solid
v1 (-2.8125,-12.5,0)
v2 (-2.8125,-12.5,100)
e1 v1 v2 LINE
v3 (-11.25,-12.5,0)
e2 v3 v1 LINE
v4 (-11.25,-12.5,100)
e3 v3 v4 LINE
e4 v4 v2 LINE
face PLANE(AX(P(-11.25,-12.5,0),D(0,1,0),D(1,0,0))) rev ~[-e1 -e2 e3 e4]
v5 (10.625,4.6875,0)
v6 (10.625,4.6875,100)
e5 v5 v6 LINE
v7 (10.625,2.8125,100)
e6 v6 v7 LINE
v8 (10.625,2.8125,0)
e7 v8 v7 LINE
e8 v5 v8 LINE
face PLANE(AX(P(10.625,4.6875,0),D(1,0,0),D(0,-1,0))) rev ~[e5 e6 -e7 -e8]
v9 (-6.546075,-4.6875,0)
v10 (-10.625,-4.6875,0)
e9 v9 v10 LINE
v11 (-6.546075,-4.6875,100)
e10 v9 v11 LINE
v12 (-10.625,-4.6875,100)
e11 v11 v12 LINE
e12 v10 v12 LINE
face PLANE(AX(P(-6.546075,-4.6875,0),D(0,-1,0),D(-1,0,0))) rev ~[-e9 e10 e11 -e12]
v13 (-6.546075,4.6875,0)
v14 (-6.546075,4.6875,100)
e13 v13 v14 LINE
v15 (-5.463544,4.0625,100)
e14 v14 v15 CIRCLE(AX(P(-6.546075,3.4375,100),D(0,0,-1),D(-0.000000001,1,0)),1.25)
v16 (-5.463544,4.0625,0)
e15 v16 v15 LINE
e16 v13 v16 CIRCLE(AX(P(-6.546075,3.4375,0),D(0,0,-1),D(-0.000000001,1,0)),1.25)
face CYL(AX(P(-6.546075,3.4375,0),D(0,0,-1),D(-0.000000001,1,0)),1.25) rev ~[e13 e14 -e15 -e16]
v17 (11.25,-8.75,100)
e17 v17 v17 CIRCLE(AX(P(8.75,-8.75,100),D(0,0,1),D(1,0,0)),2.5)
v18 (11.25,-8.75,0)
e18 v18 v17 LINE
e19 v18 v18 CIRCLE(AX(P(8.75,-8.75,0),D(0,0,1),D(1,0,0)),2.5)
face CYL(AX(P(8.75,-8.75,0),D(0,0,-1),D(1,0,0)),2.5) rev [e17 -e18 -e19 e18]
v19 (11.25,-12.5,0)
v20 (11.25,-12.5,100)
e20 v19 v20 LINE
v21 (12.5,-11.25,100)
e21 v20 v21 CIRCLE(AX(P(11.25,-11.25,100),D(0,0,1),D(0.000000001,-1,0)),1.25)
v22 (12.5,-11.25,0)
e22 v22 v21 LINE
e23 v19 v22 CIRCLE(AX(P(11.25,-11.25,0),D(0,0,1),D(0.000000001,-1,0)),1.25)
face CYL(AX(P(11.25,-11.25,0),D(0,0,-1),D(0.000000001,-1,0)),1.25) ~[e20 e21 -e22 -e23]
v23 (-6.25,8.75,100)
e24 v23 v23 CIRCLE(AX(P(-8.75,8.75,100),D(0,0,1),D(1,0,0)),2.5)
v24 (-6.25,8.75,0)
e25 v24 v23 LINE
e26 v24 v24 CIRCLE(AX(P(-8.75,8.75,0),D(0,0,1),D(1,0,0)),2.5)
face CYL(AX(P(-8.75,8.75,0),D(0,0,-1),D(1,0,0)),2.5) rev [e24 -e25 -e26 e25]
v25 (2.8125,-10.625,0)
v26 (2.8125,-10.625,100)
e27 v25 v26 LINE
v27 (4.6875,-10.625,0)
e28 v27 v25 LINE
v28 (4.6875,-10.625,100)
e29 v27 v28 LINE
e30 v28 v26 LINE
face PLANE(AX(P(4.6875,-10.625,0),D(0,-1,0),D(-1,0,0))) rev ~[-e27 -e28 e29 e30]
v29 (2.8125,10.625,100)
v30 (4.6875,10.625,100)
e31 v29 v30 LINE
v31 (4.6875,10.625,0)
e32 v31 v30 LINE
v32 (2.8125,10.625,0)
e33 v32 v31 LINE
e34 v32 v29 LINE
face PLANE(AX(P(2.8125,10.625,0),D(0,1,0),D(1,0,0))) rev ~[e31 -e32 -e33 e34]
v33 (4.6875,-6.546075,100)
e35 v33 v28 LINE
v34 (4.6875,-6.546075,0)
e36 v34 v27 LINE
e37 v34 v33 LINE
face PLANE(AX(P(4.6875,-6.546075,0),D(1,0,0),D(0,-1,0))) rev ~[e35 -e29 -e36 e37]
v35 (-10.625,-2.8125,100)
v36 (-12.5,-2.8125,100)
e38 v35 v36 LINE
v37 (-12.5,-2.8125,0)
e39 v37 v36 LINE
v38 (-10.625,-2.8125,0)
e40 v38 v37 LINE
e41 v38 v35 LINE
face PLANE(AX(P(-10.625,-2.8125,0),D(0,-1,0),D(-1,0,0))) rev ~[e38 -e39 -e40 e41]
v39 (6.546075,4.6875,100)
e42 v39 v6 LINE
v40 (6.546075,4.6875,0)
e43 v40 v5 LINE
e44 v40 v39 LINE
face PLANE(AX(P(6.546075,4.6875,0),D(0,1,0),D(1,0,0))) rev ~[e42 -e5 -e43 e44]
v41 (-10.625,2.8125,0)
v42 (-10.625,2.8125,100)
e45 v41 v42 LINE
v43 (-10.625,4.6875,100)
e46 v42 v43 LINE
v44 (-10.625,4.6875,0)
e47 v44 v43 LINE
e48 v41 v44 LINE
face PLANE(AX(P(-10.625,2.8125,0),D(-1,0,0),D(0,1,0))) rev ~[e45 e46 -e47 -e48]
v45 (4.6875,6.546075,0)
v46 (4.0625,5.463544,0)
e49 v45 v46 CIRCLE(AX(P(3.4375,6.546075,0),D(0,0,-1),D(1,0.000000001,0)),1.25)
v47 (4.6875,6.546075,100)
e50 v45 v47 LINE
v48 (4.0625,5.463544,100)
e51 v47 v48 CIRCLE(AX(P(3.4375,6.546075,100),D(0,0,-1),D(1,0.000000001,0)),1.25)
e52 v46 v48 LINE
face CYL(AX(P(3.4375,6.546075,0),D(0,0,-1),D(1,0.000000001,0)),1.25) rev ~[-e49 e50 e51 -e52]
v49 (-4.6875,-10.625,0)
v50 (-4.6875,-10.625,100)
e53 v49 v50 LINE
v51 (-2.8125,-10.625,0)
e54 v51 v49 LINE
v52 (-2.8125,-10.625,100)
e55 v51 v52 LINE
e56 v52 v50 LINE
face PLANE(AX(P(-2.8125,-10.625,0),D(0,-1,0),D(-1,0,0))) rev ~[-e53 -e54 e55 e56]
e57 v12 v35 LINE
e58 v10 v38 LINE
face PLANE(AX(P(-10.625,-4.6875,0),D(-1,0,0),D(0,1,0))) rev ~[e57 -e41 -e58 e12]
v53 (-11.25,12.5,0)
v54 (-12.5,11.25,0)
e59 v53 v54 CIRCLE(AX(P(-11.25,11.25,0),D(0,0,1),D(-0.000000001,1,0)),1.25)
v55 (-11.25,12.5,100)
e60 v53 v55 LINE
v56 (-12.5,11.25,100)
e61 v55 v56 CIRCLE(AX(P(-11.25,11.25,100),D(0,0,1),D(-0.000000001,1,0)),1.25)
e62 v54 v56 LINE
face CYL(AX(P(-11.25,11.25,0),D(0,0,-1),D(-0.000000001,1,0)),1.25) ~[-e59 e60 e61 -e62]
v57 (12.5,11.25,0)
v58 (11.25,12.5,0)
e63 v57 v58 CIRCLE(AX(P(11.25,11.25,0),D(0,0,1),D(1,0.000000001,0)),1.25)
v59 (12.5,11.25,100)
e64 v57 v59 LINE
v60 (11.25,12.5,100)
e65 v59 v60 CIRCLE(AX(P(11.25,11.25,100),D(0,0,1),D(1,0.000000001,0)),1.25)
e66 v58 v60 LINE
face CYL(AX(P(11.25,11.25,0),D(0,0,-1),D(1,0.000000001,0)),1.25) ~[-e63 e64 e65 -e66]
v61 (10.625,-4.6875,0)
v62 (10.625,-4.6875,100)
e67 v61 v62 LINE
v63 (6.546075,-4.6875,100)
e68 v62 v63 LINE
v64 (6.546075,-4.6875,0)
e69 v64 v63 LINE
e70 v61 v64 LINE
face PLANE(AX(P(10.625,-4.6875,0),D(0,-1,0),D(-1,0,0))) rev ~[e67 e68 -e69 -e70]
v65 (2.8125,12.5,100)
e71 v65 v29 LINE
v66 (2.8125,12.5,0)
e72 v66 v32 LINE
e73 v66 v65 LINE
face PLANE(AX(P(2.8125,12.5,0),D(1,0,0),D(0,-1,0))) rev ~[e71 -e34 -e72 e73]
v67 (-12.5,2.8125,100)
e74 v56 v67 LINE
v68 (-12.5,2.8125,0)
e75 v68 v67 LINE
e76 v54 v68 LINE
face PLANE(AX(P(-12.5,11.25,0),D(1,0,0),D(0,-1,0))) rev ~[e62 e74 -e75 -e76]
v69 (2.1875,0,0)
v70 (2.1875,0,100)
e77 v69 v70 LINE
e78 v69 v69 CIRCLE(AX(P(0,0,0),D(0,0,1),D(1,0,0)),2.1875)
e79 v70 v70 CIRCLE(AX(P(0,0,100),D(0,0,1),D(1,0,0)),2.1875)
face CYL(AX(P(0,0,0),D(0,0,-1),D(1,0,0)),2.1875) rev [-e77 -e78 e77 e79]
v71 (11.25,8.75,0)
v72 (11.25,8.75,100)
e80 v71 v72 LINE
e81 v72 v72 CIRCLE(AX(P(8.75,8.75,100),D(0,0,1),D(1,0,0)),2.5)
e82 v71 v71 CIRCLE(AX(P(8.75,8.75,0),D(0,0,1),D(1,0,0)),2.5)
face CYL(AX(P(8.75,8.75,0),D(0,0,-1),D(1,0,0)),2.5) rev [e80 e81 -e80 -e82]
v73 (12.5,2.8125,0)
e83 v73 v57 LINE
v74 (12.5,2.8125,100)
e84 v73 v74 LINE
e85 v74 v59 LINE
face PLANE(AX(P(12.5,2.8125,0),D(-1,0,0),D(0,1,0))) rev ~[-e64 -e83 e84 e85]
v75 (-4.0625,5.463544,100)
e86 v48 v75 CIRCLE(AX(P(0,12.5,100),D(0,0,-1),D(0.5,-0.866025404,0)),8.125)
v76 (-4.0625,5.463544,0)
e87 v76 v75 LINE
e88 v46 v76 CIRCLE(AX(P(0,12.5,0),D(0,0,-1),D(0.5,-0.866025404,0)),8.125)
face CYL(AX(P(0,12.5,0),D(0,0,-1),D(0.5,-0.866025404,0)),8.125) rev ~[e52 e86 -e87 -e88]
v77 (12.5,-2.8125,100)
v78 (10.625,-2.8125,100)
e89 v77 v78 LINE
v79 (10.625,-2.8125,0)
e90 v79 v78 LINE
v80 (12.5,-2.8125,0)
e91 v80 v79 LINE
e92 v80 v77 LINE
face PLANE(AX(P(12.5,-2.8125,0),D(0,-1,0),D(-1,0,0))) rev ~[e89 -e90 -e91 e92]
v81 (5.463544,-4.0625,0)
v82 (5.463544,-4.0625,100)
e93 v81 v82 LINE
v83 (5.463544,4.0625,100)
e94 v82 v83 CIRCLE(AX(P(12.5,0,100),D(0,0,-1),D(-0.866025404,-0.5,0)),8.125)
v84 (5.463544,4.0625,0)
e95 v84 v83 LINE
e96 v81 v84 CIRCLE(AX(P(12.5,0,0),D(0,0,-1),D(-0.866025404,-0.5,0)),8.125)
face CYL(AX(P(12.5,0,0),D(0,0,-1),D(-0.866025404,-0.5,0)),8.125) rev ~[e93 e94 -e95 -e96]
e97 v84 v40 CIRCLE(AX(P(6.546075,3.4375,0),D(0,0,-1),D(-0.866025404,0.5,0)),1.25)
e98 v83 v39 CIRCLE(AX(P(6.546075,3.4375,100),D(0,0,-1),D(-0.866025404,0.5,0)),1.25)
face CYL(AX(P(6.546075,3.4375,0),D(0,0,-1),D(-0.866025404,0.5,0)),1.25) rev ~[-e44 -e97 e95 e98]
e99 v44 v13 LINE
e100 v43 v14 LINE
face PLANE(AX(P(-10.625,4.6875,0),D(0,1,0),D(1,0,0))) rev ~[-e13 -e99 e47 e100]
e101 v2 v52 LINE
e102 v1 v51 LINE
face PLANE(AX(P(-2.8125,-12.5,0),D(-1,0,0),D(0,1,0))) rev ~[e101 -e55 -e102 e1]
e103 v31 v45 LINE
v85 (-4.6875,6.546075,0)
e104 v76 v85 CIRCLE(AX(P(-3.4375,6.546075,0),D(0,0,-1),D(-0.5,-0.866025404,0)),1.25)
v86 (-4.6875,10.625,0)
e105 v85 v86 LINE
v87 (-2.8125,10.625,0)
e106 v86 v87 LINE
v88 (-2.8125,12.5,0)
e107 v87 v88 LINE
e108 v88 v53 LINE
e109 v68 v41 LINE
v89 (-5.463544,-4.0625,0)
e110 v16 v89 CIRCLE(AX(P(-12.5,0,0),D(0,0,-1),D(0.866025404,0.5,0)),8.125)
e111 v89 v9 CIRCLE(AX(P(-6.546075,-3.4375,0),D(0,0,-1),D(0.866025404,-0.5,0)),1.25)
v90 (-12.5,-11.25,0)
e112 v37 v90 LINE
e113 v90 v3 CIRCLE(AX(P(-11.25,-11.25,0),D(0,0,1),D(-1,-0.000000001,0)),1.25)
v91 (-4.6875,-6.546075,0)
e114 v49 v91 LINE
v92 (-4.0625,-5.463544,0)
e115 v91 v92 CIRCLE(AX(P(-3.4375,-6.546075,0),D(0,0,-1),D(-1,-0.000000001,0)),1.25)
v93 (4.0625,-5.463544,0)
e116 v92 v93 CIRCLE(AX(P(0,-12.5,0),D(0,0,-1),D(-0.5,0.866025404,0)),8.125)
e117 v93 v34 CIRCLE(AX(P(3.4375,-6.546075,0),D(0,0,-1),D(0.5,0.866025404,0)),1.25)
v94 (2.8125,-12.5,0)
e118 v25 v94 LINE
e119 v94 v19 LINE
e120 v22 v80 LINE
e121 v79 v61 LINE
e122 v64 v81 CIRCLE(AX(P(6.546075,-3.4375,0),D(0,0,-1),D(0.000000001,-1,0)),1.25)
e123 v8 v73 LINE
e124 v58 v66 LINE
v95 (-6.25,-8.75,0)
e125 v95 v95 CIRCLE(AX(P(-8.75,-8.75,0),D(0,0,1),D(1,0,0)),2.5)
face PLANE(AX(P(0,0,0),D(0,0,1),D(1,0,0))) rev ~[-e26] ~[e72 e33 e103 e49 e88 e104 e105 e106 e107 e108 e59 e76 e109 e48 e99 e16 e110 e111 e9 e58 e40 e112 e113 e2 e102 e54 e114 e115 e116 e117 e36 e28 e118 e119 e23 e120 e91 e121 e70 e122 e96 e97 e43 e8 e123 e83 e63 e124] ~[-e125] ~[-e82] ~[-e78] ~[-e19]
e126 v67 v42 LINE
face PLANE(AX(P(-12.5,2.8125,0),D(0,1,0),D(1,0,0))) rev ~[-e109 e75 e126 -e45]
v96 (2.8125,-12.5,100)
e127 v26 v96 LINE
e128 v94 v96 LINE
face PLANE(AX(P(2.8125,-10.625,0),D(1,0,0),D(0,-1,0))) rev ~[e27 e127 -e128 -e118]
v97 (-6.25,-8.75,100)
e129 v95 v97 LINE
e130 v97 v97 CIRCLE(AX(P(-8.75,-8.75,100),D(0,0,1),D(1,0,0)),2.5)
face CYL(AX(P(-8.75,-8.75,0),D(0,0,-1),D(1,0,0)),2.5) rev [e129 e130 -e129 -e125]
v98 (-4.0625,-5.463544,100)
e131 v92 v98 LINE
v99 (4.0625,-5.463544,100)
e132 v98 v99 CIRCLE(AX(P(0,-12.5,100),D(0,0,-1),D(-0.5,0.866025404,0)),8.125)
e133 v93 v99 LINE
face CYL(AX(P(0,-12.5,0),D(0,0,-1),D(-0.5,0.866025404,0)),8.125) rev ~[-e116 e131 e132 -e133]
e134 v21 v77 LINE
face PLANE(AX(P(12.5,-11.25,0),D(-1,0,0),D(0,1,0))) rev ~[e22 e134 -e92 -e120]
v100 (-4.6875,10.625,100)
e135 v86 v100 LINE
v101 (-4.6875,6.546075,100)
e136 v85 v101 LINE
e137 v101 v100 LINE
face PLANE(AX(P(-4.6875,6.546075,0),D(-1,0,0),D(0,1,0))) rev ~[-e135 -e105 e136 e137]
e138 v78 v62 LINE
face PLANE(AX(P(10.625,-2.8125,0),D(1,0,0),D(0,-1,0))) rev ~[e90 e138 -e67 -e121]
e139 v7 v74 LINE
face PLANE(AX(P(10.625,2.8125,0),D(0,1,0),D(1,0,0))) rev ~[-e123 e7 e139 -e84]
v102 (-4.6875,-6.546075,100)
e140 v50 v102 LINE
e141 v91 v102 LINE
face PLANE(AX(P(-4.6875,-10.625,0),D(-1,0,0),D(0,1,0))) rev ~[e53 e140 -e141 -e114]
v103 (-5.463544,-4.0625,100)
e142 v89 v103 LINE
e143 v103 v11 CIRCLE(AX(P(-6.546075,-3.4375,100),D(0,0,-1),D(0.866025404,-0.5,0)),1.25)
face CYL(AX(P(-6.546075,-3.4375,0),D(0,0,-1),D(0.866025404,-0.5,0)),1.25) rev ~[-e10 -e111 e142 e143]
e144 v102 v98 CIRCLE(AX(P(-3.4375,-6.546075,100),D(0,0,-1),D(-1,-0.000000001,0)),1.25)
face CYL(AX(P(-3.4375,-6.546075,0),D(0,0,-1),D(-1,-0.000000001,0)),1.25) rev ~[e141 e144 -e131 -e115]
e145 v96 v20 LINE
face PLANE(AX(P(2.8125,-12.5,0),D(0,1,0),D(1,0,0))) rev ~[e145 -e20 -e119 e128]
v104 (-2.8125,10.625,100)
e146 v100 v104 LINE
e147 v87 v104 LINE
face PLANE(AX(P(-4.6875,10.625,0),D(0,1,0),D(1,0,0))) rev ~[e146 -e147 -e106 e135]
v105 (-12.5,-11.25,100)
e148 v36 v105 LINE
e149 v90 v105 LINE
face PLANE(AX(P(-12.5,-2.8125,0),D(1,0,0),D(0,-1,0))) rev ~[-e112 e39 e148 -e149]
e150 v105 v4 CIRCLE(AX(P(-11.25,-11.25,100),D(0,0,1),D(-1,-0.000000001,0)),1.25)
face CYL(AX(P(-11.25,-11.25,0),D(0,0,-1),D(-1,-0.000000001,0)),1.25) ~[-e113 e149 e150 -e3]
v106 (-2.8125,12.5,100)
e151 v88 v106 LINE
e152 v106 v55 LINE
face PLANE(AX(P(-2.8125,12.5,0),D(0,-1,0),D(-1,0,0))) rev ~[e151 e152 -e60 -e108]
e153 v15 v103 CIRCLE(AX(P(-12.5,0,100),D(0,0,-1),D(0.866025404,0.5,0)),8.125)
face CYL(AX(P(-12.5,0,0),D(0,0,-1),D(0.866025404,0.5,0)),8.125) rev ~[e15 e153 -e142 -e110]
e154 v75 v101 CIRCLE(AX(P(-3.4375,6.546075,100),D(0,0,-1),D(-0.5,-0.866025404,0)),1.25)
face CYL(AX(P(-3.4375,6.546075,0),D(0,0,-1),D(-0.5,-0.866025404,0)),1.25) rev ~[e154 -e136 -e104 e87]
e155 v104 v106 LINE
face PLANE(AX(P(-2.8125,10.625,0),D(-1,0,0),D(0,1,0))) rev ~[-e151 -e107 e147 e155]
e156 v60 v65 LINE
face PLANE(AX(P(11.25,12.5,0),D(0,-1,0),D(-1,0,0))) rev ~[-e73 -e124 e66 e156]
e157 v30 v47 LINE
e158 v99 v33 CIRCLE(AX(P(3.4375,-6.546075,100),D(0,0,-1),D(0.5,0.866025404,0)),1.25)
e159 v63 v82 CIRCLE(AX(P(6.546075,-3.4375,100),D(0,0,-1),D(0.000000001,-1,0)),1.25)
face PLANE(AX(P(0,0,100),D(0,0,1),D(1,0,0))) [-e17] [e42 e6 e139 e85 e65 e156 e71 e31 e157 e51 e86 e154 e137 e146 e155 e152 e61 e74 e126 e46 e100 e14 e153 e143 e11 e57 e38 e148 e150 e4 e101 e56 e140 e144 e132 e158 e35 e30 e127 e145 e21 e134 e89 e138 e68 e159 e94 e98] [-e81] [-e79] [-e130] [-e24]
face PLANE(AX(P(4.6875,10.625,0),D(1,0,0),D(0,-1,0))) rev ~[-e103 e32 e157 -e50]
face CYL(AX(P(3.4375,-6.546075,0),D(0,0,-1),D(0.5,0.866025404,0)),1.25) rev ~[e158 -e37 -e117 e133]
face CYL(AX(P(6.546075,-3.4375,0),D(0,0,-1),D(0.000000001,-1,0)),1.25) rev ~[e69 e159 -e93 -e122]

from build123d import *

# Parameters (mm, degrees)
SKETCH1_R           = 2.5
SKETCH1_R_2         = 2.1875
BOSS_EXTRUDE1_DEPTH = 100


with BuildPart() as part:
    # Sketch1 → Boss-Extrude1 (new body)
    with BuildSketch(Plane.XY):
        with BuildLine():
            Line((-12.5, 11.25), (-12.5, 2.8125))
            Line((-12.5, 2.8125), (-10.625, 2.8125))
            Line((-10.625, 2.8125), (-10.625, 4.6875))
            Line((-10.625, 4.6875), (-6.546075349, 4.6875))
            ThreePointArc((-6.546075349, 4.6875), (-5.921075349, 4.520031755), (-5.463543594, 4.0625))
            ThreePointArc((-5.463543594, 4.0625), (-4.375, 0), (-5.463543594, -4.0625))
            ThreePointArc((-5.463543594, -4.0625), (-5.921075349, -4.520031755), (-6.546075349, -4.6875))
            Line((-6.546075349, -4.6875), (-10.625, -4.6875))
            Line((-10.625, -4.6875), (-10.625, -2.8125))
            Line((-10.625, -2.8125), (-12.5, -2.8125))
            Line((-12.5, -2.8125), (-12.5, -11.25))
            ThreePointArc((-12.5, -11.25), (-12.133883476, -12.133883476), (-11.25, -12.5))
            Line((-11.25, -12.5), (-2.8125, -12.5))
            Line((-2.8125, -12.5), (-2.8125, -10.625))
            Line((-2.8125, -10.625), (-4.6875, -10.625))
            Line((-4.6875, -10.625), (-4.6875, -6.546075349))
            ThreePointArc((-4.6875, -6.546075349), (-4.520031755, -5.921075349), (-4.0625, -5.463543594))
            ThreePointArc((-4.0625, -5.463543594), (0, -4.375), (4.0625, -5.463543594))
            ThreePointArc((4.0625, -5.463543594), (4.520031755, -5.921075349), (4.6875, -6.546075349))
            Line((4.6875, -6.546075349), (4.6875, -10.625))
            Line((4.6875, -10.625), (2.8125, -10.625))
            Line((2.8125, -10.625), (2.8125, -12.5))
            Line((2.8125, -12.5), (11.25, -12.5))
            ThreePointArc((11.25, -12.5), (12.133883476, -12.133883476), (12.5, -11.25))
            Line((12.5, -11.25), (12.5, -2.8125))
            Line((12.5, -2.8125), (10.625, -2.8125))
            Line((10.625, -2.8125), (10.625, -4.6875))
            Line((10.625, -4.6875), (6.546075349, -4.6875))
            ThreePointArc((6.546075349, -4.6875), (5.921075349, -4.520031755), (5.463543594, -4.0625))
            ThreePointArc((5.463543594, -4.0625), (4.375, 0), (5.463543594, 4.0625))
            ThreePointArc((5.463543594, 4.0625), (5.921075349, 4.520031755), (6.546075349, 4.6875))
            Line((6.546075349, 4.6875), (10.625, 4.6875))
            Line((10.625, 4.6875), (10.625, 2.8125))
            Line((10.625, 2.8125), (12.5, 2.8125))
            Line((12.5, 2.8125), (12.5, 11.25))
            ThreePointArc((12.5, 11.25), (12.133883476, 12.133883476), (11.25, 12.5))
            Line((11.25, 12.5), (2.8125, 12.5))
            Line((2.8125, 12.5), (2.8125, 10.625))
            Line((2.8125, 10.625), (4.6875, 10.625))
            Line((4.6875, 10.625), (4.6875, 6.546075349))
            ThreePointArc((4.6875, 6.546075349), (4.520031755, 5.921075349), (4.0625, 5.463543594))
            ThreePointArc((4.0625, 5.463543594), (0, 4.375), (-4.0625, 5.463543594))
            ThreePointArc((-4.0625, 5.463543594), (-4.520031755, 5.921075349), (-4.6875, 6.546075349))
            Line((-4.6875, 6.546075349), (-4.6875, 10.625))
            Line((-4.6875, 10.625), (-2.8125, 10.625))
            Line((-2.8125, 10.625), (-2.8125, 12.5))
            Line((-2.8125, 12.5), (-11.25, 12.5))
            ThreePointArc((-11.25, 12.5), (-12.133883476, 12.133883476), (-12.5, 11.25))
        make_face()
        with Locations((-8.75, -8.75)):
            Circle(SKETCH1_R, mode=Mode.SUBTRACT)
        with Locations((8.75, -8.75)):
            Circle(SKETCH1_R, mode=Mode.SUBTRACT)
        with Locations((8.75, 8.75)):
            Circle(SKETCH1_R, mode=Mode.SUBTRACT)
        Circle(SKETCH1_R_2, mode=Mode.SUBTRACT)
        with Locations((-8.75, 8.75)):
            Circle(SKETCH1_R, mode=Mode.SUBTRACT)
    extrude(amount=BOSS_EXTRUDE1_DEPTH)


solid = part.part
